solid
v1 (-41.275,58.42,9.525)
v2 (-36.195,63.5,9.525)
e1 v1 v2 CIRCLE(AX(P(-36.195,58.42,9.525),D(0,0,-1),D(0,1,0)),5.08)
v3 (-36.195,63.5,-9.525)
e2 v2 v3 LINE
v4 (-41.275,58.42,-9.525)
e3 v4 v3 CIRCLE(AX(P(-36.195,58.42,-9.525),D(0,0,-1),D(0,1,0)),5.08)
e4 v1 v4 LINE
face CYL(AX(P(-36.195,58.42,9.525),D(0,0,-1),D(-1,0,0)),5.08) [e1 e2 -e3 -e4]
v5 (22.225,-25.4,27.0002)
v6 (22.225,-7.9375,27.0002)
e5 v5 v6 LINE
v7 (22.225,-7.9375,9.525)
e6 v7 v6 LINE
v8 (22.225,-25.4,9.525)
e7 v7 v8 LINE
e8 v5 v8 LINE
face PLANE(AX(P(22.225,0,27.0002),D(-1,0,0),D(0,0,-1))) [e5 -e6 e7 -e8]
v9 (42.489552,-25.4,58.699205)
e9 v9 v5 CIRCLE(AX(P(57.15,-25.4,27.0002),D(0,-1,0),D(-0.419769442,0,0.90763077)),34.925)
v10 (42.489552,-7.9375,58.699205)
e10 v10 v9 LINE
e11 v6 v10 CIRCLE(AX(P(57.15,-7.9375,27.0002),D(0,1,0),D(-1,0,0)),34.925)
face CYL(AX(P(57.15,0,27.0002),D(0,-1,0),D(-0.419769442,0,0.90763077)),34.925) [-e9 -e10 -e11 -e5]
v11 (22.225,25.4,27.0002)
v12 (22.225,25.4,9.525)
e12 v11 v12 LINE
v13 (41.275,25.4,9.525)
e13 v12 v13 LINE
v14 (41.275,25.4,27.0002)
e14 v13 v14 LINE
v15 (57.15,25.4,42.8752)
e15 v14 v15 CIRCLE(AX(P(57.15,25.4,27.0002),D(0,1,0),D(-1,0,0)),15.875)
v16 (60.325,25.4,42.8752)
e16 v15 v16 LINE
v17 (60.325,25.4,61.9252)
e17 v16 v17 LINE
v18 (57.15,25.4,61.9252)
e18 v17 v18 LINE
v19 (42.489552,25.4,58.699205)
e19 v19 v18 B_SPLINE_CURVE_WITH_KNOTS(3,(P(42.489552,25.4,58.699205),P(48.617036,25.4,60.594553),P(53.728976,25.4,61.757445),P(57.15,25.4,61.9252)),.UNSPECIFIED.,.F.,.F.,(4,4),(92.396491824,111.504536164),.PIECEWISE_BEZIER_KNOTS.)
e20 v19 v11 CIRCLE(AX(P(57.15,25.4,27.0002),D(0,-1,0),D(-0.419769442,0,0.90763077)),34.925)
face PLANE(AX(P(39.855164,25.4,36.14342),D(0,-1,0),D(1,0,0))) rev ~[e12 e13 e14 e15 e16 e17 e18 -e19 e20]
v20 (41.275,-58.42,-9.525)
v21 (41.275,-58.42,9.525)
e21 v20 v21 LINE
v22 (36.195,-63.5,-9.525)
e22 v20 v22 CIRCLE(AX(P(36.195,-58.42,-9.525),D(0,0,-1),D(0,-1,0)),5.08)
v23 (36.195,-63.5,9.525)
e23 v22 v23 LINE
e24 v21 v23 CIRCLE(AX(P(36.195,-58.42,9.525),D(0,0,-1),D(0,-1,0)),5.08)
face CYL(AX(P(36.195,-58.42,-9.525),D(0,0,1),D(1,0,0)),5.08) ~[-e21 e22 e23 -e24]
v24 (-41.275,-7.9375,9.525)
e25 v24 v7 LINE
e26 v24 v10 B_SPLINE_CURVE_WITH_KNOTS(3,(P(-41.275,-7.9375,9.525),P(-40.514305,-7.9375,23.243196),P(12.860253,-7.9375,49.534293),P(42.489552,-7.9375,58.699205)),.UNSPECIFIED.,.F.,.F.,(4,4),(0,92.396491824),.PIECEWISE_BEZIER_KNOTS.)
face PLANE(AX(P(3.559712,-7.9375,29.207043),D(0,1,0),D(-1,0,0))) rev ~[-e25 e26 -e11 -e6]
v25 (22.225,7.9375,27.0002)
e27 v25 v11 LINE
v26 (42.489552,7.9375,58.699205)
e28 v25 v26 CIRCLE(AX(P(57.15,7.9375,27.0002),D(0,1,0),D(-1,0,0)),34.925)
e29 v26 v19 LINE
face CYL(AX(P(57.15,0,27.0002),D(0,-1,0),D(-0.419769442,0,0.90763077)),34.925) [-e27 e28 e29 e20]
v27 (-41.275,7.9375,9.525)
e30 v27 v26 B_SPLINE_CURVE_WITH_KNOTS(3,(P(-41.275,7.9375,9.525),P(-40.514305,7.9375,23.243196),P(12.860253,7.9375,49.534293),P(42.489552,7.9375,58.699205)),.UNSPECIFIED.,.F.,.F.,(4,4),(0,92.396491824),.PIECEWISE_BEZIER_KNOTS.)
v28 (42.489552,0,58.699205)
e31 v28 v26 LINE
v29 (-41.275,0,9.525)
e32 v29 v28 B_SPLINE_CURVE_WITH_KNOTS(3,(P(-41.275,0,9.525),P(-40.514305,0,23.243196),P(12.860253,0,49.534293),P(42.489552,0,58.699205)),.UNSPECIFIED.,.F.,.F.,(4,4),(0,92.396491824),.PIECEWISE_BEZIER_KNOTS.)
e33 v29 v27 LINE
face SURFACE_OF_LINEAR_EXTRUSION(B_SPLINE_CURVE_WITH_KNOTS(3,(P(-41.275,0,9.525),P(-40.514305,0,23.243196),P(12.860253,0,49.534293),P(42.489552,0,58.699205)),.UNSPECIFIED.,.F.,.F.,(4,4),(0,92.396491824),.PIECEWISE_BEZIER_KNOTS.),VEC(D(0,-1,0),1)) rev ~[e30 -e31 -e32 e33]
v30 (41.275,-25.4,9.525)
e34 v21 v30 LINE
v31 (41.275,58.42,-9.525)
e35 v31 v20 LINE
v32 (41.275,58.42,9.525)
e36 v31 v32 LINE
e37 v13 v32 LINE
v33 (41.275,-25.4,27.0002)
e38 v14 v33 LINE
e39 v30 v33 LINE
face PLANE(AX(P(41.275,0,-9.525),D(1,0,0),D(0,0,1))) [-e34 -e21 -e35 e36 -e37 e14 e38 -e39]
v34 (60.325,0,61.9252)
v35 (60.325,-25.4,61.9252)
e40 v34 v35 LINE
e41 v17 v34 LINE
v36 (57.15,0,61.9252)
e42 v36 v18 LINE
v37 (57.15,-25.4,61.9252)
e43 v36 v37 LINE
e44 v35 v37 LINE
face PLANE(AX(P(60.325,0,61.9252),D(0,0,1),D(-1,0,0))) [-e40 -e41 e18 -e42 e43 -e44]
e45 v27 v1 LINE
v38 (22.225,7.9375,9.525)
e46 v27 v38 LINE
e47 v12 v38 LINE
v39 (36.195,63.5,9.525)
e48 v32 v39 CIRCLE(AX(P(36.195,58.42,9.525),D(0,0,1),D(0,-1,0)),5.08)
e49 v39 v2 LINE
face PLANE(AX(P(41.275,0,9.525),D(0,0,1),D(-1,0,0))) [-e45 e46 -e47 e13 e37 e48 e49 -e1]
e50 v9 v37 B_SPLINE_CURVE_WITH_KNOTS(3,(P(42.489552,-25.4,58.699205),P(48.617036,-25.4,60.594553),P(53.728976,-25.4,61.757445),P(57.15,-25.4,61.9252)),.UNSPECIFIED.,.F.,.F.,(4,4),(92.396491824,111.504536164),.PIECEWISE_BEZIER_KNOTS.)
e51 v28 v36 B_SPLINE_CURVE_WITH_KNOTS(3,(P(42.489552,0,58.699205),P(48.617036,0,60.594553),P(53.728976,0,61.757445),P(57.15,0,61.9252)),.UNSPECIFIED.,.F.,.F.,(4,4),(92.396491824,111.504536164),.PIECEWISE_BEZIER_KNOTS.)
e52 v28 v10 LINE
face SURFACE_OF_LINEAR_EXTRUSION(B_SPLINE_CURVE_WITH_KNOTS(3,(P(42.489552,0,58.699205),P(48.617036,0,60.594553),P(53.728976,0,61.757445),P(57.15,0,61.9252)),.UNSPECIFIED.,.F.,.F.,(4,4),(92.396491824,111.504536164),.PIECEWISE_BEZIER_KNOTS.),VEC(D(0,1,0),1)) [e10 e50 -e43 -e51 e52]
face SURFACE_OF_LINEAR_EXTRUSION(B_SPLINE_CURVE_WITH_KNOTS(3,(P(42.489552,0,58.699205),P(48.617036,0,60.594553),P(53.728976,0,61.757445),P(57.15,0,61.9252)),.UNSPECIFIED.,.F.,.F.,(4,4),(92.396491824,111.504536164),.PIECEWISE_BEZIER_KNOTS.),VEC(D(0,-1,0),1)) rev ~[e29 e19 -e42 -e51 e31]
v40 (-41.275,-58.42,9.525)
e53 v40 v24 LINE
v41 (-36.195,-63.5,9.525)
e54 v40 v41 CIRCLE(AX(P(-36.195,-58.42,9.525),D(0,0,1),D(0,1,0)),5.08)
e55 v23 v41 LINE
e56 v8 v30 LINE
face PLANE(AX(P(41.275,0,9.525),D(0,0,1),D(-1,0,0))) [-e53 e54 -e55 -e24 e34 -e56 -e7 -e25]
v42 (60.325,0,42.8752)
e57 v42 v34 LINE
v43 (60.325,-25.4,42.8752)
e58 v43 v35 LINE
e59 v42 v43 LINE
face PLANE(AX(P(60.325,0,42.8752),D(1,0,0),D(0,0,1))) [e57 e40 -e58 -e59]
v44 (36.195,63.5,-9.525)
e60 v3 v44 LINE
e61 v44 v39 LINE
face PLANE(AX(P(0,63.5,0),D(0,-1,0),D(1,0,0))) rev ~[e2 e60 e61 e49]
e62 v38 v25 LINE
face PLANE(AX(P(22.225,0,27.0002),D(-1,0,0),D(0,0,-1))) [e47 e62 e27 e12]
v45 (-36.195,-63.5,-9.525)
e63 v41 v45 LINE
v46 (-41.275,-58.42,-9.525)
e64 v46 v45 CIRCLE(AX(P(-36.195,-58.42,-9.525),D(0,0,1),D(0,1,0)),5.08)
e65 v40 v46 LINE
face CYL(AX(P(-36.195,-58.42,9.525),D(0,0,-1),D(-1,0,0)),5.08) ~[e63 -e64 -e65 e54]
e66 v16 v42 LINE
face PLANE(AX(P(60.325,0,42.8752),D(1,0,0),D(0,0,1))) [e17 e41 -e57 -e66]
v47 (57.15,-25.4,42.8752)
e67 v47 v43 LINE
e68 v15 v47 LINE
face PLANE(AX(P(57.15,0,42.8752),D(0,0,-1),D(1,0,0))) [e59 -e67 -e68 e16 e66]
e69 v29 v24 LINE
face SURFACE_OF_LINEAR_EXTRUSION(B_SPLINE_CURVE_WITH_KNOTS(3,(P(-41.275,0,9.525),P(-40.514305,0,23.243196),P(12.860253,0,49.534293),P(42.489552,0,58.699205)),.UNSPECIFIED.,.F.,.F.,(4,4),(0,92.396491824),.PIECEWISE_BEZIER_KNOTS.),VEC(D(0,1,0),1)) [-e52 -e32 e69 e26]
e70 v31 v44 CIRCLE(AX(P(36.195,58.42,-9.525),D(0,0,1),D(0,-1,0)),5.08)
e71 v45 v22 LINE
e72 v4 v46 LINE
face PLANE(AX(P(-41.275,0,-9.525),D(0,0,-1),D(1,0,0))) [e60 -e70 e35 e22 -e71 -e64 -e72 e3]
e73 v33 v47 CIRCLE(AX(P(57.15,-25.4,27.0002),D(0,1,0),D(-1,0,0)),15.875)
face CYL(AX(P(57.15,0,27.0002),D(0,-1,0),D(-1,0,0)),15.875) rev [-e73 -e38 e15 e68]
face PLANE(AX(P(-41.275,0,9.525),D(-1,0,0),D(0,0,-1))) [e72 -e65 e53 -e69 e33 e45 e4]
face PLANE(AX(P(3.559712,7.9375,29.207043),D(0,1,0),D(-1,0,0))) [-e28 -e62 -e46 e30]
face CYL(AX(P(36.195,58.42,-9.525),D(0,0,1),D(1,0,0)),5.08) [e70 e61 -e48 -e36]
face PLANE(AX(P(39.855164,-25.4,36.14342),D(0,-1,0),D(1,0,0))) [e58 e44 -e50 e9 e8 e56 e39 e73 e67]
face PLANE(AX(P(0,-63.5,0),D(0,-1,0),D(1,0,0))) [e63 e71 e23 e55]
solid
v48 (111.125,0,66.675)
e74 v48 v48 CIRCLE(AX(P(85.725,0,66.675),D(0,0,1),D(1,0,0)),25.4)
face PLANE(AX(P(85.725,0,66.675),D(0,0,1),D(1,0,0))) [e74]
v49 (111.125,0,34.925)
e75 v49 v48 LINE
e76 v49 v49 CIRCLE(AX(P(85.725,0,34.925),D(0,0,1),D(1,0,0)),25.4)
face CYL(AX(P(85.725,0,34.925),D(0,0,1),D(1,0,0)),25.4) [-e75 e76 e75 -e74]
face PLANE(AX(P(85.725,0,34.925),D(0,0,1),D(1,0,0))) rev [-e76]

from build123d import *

# Parameters (mm, degrees)
F1_DEPTH = 63.5
F2_DEPTH = 25.4
F3_DEPTH = 7.9375
F5_R     = 5.08


with BuildPart() as f1:
    # F0 (on Front) → F1 (new body, symmetric)
    with BuildSketch(Plane.XZ):
        Polygon((22.225, 9.525), (-41.275, 9.525), (-41.275, -9.525), (41.275, -9.525), (41.275, 9.525), align=None)
    extrude(amount=F1_DEPTH, both=True)

    # F0 (on Front) → F2 (join, symmetric)
    with BuildSketch(Plane.XZ):
        with BuildLine():
            Line((22.225, 27.0002), (22.225, 9.525))
            Line((22.225, 9.525), (41.275, 9.525))
            Line((41.275, 9.525), (41.275, 27.0002))
            ThreePointArc((41.275, 27.0002), (45.9246798487, 38.2255201513), (57.15, 42.8752))
            Line((57.15, 42.8752), (60.325, 42.8752))
            Line((60.325, 42.8752), (60.325, 61.9252))
            Line((60.325, 61.9252), (57.15, 61.9252))
            add(Edge.make_bspline(
                [(42.4895522305, 58.6992046563), (48.6170355167, 60.5945531062), (53.7289755216, 61.7574445531), (57.15, 61.9252)],
                knots=[92.3964918241, 92.3964918241, 92.3964918241, 92.3964918241, 111.5045361635, 111.5045361635, 111.5045361635, 111.5045361635], degree=3))
            ThreePointArc((42.4895522305, 58.6992046563), (27.724061074, 45.8116258717), (22.225, 27.0002))
        make_face()
    extrude(amount=F2_DEPTH, both=True)

    # F0 (on Front) → F3 (join, symmetric)
    with BuildSketch(Plane.XZ):
        with BuildLine():
            add(Edge.make_bspline(
                [(-41.275, 9.525), (-40.5143053144, 23.2431958574), (12.8602532142, 49.5342925152), (42.4895522305, 58.6992046563)],
                knots=[0, 0, 0, 0, 92.3964918241, 92.3964918241, 92.3964918241, 92.3964918241], degree=3))
            Line((-41.275, 9.525), (22.225, 9.525))
            Line((22.225, 9.525), (22.225, 27.0002))
            ThreePointArc((22.225, 27.0002), (27.724061074, 45.8116258717), (42.4895522305, 58.6992046563))
        make_face()
    extrude(amount=F3_DEPTH, both=True)

    # F0 (on Front) → F4 (revolve)
    with BuildSketch(Plane.XZ):
        Polygon((85.725, 66.675), (85.725, 61.9252), (85.725, 42.8752), (85.725, 34.925), (111.125, 34.925), (111.125, 66.675), align=None)
    revolve(axis=Axis((85.725, 0, 50.8), (0, 0, 1)))

    # F5
    f5_edges = [f1.edges().sort_by_distance(p)[0] for p in [
        (-41.275, -63.5, 0),
        (41.275, -63.5, 0),
        (-41.275, 63.5, 0),
        (41.275, 63.5, 0),
    ]]
    fillet(f5_edges, radius=F5_R)


solid = f1.part
